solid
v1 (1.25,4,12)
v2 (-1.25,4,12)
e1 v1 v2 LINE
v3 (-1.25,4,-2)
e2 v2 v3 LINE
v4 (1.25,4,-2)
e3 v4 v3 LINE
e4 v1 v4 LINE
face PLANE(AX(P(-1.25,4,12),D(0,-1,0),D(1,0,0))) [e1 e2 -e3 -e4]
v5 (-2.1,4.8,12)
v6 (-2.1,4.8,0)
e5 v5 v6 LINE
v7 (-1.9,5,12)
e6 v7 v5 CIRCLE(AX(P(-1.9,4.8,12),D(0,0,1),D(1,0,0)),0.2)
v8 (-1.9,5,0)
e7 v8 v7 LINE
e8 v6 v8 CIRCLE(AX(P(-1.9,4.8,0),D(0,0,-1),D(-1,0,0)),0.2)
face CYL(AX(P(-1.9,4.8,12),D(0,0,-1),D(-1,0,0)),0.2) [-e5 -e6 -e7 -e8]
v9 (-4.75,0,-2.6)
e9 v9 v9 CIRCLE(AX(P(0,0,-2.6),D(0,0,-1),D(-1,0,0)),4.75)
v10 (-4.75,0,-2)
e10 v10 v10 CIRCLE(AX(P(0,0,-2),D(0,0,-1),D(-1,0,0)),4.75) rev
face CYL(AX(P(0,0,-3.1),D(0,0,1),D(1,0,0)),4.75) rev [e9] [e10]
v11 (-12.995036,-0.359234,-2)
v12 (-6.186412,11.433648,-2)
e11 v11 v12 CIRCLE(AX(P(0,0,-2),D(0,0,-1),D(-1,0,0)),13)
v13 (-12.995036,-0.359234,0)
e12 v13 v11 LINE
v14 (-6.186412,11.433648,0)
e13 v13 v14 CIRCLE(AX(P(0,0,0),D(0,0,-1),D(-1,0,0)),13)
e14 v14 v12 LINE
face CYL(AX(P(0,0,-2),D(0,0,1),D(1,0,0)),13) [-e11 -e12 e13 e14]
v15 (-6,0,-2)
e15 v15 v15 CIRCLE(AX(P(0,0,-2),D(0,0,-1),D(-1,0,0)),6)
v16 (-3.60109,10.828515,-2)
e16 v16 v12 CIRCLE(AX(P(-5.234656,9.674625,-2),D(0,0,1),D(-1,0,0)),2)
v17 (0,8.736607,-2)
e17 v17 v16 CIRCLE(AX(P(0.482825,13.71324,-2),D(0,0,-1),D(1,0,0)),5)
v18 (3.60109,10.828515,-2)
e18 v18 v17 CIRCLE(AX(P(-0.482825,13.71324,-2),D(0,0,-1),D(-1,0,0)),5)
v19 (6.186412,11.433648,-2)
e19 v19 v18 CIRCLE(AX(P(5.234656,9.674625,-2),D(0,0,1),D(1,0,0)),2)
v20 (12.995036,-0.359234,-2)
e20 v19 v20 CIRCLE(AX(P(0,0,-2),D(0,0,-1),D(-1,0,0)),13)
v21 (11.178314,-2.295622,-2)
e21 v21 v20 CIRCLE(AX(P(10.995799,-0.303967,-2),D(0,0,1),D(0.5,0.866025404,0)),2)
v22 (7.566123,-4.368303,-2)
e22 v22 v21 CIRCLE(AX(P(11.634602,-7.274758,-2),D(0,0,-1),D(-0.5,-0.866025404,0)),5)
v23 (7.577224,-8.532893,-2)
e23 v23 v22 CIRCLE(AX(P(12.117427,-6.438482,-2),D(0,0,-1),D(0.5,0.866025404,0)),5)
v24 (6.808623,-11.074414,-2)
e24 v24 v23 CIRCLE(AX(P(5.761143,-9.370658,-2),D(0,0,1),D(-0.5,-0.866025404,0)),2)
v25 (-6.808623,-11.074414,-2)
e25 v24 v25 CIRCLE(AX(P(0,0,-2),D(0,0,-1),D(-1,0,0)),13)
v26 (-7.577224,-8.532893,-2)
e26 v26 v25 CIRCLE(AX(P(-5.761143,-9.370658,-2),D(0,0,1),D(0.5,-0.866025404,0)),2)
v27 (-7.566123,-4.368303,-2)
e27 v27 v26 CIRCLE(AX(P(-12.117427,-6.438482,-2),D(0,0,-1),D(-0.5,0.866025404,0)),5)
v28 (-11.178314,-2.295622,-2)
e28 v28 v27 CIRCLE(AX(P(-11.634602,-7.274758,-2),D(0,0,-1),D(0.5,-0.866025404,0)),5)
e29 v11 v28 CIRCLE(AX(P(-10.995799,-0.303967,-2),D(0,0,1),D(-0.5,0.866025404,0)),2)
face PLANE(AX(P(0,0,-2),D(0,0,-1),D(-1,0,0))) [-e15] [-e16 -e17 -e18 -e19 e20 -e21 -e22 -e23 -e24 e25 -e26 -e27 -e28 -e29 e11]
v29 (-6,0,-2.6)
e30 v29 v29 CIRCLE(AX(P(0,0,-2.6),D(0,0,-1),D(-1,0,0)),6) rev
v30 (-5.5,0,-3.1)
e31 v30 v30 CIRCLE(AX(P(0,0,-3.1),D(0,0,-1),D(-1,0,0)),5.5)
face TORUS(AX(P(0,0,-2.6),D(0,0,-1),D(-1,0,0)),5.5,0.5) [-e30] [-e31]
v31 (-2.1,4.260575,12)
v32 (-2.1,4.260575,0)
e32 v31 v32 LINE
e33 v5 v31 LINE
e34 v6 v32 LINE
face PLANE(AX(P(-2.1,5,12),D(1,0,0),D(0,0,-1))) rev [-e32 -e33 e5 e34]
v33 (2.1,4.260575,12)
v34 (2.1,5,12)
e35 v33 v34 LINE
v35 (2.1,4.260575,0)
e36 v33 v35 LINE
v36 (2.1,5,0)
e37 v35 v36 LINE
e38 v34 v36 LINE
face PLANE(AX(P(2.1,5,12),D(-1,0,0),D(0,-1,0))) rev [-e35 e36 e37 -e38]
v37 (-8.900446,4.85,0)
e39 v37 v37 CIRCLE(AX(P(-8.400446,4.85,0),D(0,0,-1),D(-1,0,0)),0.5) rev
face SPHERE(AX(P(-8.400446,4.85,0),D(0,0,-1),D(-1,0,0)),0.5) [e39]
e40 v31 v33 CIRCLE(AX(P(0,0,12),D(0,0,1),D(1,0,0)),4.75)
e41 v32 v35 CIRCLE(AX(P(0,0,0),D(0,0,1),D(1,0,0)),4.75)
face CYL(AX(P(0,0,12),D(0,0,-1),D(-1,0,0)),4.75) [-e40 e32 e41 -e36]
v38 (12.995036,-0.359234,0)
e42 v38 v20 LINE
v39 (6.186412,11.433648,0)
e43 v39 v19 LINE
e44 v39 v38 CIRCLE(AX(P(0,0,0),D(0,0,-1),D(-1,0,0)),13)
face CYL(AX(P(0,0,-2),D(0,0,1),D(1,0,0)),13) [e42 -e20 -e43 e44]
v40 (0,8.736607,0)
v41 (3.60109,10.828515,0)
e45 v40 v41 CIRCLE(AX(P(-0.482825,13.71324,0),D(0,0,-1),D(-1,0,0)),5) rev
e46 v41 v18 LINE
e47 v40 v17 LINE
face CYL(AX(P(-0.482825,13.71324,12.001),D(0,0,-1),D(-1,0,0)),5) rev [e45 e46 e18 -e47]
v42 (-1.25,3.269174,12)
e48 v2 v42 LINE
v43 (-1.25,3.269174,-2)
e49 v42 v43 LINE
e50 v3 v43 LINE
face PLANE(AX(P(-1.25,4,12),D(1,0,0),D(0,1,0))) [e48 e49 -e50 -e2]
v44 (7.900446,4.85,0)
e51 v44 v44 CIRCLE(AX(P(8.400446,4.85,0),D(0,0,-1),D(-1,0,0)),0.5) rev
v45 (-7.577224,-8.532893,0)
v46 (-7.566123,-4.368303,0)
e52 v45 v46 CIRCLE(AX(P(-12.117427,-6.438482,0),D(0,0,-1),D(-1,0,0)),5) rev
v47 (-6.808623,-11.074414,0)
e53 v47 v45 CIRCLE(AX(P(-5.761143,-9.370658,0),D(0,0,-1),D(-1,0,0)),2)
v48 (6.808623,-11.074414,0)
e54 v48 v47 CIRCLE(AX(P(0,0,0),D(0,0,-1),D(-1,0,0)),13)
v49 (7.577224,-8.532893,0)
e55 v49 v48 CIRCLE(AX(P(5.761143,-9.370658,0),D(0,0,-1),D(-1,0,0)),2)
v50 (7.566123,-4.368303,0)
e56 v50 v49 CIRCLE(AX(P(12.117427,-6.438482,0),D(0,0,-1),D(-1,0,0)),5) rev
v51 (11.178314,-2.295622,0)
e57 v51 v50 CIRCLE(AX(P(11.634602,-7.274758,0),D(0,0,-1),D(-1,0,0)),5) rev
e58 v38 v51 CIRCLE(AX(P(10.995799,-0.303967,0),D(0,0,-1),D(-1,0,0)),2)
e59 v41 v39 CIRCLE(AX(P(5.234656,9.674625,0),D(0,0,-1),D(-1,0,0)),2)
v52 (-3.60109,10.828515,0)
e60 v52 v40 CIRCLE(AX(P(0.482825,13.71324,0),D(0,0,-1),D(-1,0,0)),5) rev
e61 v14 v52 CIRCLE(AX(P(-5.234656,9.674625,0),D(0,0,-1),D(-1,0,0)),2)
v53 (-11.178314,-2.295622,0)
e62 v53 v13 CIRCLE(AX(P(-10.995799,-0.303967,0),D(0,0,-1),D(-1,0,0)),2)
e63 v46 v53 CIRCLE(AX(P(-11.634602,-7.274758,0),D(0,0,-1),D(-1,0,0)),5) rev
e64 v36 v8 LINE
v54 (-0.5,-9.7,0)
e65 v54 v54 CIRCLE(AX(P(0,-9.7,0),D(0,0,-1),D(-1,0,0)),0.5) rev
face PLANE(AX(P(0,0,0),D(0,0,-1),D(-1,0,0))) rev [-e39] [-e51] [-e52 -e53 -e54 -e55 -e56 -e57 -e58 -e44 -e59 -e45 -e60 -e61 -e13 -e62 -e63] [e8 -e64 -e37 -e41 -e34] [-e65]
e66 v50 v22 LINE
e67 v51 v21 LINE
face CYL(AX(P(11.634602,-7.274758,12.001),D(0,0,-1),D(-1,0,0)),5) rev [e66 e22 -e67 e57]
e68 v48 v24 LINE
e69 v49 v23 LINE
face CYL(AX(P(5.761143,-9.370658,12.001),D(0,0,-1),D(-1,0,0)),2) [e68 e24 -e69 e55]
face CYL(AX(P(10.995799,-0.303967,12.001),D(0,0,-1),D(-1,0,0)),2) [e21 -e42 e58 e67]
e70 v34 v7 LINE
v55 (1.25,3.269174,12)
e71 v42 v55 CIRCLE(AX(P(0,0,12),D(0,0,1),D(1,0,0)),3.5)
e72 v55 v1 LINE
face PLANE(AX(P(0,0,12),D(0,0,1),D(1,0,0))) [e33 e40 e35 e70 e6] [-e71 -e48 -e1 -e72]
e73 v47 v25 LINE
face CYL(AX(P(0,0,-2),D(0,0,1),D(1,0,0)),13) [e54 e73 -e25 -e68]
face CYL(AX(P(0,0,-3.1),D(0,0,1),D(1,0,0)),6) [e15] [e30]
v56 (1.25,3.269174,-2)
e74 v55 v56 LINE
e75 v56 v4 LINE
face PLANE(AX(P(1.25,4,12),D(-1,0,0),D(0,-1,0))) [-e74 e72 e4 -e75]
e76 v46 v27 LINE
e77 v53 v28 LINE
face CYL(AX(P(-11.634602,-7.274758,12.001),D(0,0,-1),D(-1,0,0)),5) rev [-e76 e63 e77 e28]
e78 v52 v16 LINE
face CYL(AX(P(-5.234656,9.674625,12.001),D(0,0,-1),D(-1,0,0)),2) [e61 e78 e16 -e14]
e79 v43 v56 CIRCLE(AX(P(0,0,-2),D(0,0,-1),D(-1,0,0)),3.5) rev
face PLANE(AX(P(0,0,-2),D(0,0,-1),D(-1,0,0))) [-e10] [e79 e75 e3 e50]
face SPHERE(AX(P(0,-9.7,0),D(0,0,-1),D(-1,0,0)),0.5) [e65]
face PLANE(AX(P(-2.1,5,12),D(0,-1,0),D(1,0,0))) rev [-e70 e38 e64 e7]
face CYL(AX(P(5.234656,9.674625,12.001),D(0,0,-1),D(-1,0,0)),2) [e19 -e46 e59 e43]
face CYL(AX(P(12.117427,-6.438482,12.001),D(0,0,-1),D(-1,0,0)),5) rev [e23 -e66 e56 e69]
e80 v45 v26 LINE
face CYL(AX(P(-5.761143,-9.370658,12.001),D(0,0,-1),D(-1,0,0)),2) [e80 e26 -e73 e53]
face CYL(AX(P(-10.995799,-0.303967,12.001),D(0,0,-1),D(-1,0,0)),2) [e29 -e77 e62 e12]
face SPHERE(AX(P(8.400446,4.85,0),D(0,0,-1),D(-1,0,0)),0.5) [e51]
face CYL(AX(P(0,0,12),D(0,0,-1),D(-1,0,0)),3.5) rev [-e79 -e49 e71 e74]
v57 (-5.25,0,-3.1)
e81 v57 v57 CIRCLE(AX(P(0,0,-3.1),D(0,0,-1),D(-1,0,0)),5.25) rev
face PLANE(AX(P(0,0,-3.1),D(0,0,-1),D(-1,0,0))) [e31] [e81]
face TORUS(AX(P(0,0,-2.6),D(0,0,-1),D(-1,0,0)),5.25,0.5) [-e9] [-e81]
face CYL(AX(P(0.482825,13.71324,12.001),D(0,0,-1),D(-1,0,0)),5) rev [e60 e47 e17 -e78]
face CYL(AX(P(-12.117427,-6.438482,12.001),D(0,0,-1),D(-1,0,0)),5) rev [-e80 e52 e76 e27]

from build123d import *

# Parameters (mm, degrees)
BOSS_EXTRU_1_DEPTH           = 12
ESQUISSE3_R                  = 13
BOSS_EXTRU_5_DEPTH           = 2
BOSS_EXTRU_6_START           = 1.1
ESQUISSE4_R                  = 6
ESQUISSE4_R_2                = 4.75
BOSS_EXTRU_6_DEPTH           = 1.1
ENL_V_MAT_EXTRU_2_REACH      = 23.954
CONG_1_R                     = 0.5
CONG_2_R                     = 0.5
ENL_V_MAT_EXTRU_3_REACH      = 25.108
R_P_TITION_CIRCULAIRE1_COUNT = 2
R_P_TITION_CIRCULAIRE1_ANGLE = 120
R_P_TITION_CIRCULAIRE2_COUNT = 2
R_P_TITION_CIRCULAIRE2_ANGLE = 240
CONG_3_R                     = 0.2
R_P_TITION_CIRCULAIRE3_COUNT = 2
R_P_TITION_CIRCULAIRE3_ANGLE = 240
R_P_TITION_CIRCULAIRE4_COUNT = 2
R_P_TITION_CIRCULAIRE4_ANGLE = 120


with BuildPart() as part:
    # Esquisse1 → Boss.-Extru.1 (new body)
    with BuildSketch(Plane.XY):
        with BuildLine():
            Line((-2.1, 5), (2.1, 5))
            Line((2.1, 5), (2.1, 4.260575079))
            ThreePointArc((2.1, 4.260575079), (0, -4.75), (-2.1, 4.260575079))
            Line((-2.1, 4.260575079), (-2.1, 5))
        make_face()
        with BuildLine():
            Line((-1.25, 4), (1.25, 4))
            Line((1.25, 4), (1.25, 3.269174208))
            ThreePointArc((1.25, 3.269174208), (0, -3.5), (-1.25, 3.269174208))
            Line((-1.25, 3.269174208), (-1.25, 4))
        make_face(mode=Mode.SUBTRACT)
    extrude(amount=BOSS_EXTRU_1_DEPTH)

    # Esquisse3 → Boss.-Extru.5 (add)
    with BuildSketch(Plane(origin=(0, 0, 0), x_dir=(-1, 0, 0), z_dir=(0, 0, -1))):
        Circle(ESQUISSE3_R)
    extrude(amount=BOSS_EXTRU_5_DEPTH)

    # Esquisse4 → Boss.-Extru.6 (add)
    with BuildSketch(Plane(origin=(0, 0, -2), x_dir=(-1, 0, 0), z_dir=(0, 0, -1)).offset(BOSS_EXTRU_6_START)):
        Circle(ESQUISSE4_R)
        Circle(ESQUISSE4_R_2, mode=Mode.SUBTRACT)
    extrude(amount=-BOSS_EXTRU_6_DEPTH)

    # Esquisse5 → Enlèv. mat.-Extru.2 (cut, up to next)
    with BuildSketch(Plane.XY, mode=Mode.PRIVATE) as enl_v_mat_extru_2_sk1:
        with BuildLine():
            Line((1.25, 4), (-1.25, 4))
            Line((-1.25, 4), (-1.25, 3.269174208))
            ThreePointArc((-1.25, 3.269174208), (0, -3.5), (1.25, 3.269174208))
            Line((1.25, 3.269174208), (1.25, 4))
        make_face()
    enl_v_mat_extru_2_tool1 = extrude(enl_v_mat_extru_2_sk1.sketch, amount=-ENL_V_MAT_EXTRU_2_REACH, mode=Mode.PRIVATE) & part.part
    add(enl_v_mat_extru_2_tool1.solids().sort_by_distance((0, 0.133717, 0))[0], mode=Mode.SUBTRACT)

    # Congé1
    cong_1_edges = [part.edges().sort_by_distance(p)[0] for p in [
        (6, 0, -3.1),
    ]]
    fillet(cong_1_edges, radius=CONG_1_R)

    # Congé2
    cong_2_edges = [part.edges().sort_by_distance(p)[0] for p in [
        (4.75, 0, -3.1),
    ]]
    fillet(cong_2_edges, radius=CONG_2_R)

    # Esquisse6 → Enlèv. mat.-Extru.3 (cut, up to next)
    with BuildSketch(Plane(origin=(0, 0, -2), x_dir=(-1, 0, 0), z_dir=(0, 0, -1)), mode=Mode.PRIVATE) as enl_v_mat_extru_3_sk1:
        with BuildLine():
            ThreePointArc((3.60109047, 10.828515139), (2.028708414, 9.38979217), (0, 8.736606683))
            ThreePointArc((0, 8.736606683), (-2.028708414, 9.38979217), (-3.60109047, 10.828515139))
            ThreePointArc((-3.60109047, 10.828515139), (-4.778846502, 11.621991896), (-6.186412192, 11.433647895))
            ThreePointArc((-6.186412192, 11.433647895), (0, 13), (6.186412192, 11.433647895))
            ThreePointArc((6.186412192, 11.433647895), (4.778846502, 11.621991896), (3.60109047, 10.828515139))
        make_face()
    enl_v_mat_extru_3_tool1 = extrude(enl_v_mat_extru_3_sk1.sketch, amount=-ENL_V_MAT_EXTRU_3_REACH, mode=Mode.PRIVATE) & part.part
    enl_v_mat_extru_3 = enl_v_mat_extru_3_tool1.solids().sort_by_distance((0, 11.154072, -2))[0]
    add(enl_v_mat_extru_3, mode=Mode.SUBTRACT)

    # Esquisse7 → Révolution2 (revolve)
    with BuildSketch(Plane.XY):
        with BuildLine():
            Line((-0.495343696, -9.631921937), (0.495343696, -9.768078063))
            ThreePointArc((0.495343696, -9.768078063), (0.068078063, -9.204656304), (-0.495343696, -9.631921937))
        make_face()
    r_volution2 = revolve(axis=Axis((-0.495343696, -9.631921937, 0), (0.9906873922487173, -0.1361561267054709, 0)))

    # Répétition circulaire1: Révolution2 ×2 about axis
    r_p_tition_circulaire1_axis = Axis((0, 0, 0), (0, 0, -1))
    for i in range(1, R_P_TITION_CIRCULAIRE1_COUNT):
        add(r_volution2.rotate(r_p_tition_circulaire1_axis, i * R_P_TITION_CIRCULAIRE1_ANGLE / (R_P_TITION_CIRCULAIRE1_COUNT - 1)))

    # Répétition circulaire2: Révolution2 ×2 about axis
    r_p_tition_circulaire2_axis = Axis((0, 0, 0), (0, 0, -1))
    for i in range(1, R_P_TITION_CIRCULAIRE2_COUNT):
        add(r_volution2.rotate(r_p_tition_circulaire2_axis, i * R_P_TITION_CIRCULAIRE2_ANGLE / (R_P_TITION_CIRCULAIRE2_COUNT - 1)))

    # Congé3
    cong_3_edges = [part.edges().sort_by_distance(p)[0] for p in [
        (-2.1, 5, 6),
    ]]
    fillet(cong_3_edges, radius=CONG_3_R)

    # Répétition circulaire3: Enlèv. mat.-Extru.3 ×2 about axis
    r_p_tition_circulaire3_axis = Axis((0, 0, 0), (0, 0, -1))
    for i in range(1, R_P_TITION_CIRCULAIRE3_COUNT):
        add(enl_v_mat_extru_3.rotate(r_p_tition_circulaire3_axis, i * R_P_TITION_CIRCULAIRE3_ANGLE / (R_P_TITION_CIRCULAIRE3_COUNT - 1)), mode=Mode.SUBTRACT)

    # Répétition circulaire4: Enlèv. mat.-Extru.3 ×2 about axis
    r_p_tition_circulaire4_axis = Axis((0, 0, 0), (0, 0, -1))
    for i in range(1, R_P_TITION_CIRCULAIRE4_COUNT):
        add(enl_v_mat_extru_3.rotate(r_p_tition_circulaire4_axis, i * R_P_TITION_CIRCULAIRE4_ANGLE / (R_P_TITION_CIRCULAIRE4_COUNT - 1)), mode=Mode.SUBTRACT)


solid = part.part
